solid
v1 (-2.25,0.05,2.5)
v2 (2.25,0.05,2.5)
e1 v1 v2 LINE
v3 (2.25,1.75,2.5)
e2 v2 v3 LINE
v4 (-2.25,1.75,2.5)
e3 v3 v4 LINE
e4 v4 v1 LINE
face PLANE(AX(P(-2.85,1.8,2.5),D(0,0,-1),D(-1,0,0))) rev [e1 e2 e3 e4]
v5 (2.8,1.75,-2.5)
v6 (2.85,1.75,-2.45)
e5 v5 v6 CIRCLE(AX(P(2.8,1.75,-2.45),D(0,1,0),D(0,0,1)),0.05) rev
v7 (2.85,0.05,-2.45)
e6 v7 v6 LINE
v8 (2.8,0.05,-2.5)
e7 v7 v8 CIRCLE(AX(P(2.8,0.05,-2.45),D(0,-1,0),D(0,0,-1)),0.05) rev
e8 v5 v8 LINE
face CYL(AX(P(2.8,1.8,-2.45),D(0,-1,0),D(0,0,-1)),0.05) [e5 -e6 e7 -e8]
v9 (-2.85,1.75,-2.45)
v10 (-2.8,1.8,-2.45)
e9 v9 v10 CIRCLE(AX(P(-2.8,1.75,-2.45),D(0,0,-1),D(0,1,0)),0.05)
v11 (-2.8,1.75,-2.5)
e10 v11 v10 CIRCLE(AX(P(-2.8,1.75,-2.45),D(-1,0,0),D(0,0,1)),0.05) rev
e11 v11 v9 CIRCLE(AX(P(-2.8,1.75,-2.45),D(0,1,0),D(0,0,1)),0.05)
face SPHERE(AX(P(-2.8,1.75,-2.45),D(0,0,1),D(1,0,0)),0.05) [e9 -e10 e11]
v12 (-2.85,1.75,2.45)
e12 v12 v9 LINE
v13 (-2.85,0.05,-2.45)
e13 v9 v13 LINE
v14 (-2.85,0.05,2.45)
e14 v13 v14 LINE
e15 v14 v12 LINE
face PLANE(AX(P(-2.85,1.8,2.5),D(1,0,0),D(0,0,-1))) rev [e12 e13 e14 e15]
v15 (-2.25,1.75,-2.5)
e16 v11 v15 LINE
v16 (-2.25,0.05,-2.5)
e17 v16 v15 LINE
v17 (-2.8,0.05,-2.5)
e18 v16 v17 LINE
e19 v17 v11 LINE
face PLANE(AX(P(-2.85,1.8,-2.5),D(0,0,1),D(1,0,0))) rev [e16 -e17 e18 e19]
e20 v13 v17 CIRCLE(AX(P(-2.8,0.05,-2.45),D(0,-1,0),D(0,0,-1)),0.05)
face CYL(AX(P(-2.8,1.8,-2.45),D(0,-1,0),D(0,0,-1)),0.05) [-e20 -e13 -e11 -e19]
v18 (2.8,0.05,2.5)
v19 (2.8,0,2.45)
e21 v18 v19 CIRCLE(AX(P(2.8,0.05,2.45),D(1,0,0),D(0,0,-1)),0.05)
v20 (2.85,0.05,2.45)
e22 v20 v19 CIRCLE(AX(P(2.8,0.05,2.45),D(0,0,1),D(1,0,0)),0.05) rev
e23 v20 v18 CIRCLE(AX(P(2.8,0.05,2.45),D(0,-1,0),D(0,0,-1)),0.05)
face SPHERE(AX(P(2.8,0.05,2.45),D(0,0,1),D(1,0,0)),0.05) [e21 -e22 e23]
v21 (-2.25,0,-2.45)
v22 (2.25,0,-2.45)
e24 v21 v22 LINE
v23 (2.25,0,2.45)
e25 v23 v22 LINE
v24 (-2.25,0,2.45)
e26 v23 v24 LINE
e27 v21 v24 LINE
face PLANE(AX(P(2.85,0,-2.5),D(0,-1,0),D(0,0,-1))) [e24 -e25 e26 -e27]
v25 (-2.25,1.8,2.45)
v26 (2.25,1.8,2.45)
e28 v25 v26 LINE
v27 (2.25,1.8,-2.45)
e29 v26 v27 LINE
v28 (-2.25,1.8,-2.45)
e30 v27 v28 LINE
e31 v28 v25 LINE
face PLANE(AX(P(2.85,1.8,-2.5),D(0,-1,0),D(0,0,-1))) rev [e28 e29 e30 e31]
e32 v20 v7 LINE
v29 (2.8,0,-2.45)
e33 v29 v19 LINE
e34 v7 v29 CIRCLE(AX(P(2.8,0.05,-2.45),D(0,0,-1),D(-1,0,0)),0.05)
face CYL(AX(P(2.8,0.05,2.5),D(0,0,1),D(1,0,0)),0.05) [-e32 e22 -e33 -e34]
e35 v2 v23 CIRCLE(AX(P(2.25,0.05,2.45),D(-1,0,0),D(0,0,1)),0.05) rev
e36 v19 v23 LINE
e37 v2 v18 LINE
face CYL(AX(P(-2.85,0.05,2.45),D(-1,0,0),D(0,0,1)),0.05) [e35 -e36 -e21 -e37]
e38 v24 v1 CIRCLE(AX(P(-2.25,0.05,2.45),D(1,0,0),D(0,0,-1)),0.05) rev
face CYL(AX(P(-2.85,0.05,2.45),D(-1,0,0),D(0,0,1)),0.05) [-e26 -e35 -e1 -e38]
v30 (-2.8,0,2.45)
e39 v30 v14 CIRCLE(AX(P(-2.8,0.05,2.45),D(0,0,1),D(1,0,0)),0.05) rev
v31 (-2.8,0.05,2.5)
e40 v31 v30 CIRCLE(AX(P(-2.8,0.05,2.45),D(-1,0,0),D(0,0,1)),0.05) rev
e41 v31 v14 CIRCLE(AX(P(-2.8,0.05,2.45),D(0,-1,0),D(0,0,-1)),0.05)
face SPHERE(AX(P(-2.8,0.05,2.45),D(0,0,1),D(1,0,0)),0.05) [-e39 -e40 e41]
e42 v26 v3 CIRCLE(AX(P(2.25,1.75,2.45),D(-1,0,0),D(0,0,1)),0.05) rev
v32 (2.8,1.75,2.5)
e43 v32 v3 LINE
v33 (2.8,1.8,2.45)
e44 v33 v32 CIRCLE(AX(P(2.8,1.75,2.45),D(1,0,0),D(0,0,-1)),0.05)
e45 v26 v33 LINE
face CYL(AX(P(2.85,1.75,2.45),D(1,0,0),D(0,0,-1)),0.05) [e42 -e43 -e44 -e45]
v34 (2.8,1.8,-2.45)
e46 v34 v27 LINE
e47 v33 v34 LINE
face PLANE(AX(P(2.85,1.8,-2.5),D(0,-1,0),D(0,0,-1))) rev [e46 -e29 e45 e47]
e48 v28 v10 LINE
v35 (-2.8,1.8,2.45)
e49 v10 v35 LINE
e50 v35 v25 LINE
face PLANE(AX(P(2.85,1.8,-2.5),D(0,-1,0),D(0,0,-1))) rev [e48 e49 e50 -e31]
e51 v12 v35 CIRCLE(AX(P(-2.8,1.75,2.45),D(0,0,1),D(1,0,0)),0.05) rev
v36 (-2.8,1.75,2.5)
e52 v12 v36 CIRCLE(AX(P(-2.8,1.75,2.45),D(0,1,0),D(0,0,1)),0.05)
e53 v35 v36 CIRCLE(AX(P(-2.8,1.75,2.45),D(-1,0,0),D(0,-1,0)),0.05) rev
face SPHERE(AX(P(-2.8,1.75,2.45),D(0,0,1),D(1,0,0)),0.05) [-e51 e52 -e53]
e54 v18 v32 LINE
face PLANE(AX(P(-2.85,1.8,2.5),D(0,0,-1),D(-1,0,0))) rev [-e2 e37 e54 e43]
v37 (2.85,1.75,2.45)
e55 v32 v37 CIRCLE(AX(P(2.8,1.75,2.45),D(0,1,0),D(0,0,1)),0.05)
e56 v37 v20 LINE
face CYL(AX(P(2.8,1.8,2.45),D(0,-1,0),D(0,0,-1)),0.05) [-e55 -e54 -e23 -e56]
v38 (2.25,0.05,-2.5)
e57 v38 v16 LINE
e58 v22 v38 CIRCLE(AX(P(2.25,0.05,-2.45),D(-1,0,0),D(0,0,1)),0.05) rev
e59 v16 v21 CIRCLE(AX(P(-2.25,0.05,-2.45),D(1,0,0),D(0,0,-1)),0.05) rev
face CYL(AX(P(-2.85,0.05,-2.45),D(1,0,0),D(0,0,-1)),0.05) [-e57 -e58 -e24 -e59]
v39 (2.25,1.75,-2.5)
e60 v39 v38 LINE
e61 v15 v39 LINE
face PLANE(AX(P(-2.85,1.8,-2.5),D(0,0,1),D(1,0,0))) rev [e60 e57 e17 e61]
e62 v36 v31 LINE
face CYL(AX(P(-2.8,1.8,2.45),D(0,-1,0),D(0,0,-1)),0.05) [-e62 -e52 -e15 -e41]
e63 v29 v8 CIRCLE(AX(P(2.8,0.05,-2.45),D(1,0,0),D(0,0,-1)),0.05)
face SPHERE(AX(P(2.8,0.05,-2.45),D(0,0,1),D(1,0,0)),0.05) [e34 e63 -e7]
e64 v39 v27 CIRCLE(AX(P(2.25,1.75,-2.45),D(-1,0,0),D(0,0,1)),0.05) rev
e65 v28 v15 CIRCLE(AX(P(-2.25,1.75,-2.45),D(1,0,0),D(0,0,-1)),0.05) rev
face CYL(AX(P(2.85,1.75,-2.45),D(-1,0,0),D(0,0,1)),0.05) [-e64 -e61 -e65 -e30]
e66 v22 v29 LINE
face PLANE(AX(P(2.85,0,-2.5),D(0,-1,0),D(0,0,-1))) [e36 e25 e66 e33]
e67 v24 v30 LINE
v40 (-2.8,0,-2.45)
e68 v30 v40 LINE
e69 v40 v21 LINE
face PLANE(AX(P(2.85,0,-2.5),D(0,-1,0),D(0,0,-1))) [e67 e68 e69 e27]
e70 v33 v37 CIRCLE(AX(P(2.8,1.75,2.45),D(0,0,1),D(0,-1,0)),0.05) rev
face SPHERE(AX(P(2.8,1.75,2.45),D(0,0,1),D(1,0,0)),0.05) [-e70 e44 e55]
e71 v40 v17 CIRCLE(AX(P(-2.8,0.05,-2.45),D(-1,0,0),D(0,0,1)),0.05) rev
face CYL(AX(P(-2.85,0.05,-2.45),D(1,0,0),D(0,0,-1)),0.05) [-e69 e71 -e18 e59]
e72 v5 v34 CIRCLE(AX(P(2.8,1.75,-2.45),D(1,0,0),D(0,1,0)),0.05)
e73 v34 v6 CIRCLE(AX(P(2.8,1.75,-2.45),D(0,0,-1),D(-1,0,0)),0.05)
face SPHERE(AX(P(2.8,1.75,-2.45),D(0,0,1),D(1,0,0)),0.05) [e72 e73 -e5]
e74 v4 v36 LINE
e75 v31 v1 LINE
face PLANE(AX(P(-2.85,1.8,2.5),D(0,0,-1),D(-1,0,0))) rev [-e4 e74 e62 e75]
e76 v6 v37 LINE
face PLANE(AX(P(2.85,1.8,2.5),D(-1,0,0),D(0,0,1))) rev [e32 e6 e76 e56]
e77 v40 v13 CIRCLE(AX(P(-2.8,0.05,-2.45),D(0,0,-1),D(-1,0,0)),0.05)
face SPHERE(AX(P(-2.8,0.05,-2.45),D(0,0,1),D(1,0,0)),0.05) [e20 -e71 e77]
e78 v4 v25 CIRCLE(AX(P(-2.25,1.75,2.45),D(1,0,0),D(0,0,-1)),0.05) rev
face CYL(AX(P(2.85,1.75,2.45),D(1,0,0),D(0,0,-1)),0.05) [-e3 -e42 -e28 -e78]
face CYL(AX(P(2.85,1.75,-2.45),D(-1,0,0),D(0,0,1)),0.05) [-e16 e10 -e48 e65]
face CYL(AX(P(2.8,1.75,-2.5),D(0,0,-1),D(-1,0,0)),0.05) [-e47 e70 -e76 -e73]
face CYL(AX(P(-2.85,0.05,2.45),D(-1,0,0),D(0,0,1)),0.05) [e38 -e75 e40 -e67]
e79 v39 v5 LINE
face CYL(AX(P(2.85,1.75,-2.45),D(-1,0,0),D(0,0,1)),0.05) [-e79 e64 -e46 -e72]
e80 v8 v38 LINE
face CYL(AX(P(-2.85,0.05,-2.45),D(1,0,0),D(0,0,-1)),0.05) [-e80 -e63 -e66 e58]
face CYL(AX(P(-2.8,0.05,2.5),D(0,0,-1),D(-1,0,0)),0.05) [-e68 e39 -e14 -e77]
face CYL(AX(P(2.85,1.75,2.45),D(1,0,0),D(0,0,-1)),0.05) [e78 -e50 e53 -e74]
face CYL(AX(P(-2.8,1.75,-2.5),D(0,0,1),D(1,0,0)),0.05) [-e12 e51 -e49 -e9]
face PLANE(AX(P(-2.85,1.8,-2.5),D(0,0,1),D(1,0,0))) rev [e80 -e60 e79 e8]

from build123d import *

# Parameters (mm, degrees)
SKETCH1_W      = 5.7
SKETCH1_H      = 5
EXTRUDE1_DEPTH = 1.8
FILLET1_R      = 0.05


with BuildPart() as part:
    # Sketch1 → Extrude1 (new body)
    with BuildSketch(Plane(origin=(0, 0, 0), x_dir=(1, 0, 0), z_dir=(0, 1, 0))):
        Rectangle(SKETCH1_W, SKETCH1_H)
    extrude(amount=EXTRUDE1_DEPTH)

    # Fillet1
    fillet1_edges = [part.edges().sort_by_distance(p)[0] for p in [
        (-2.85, 1.8, 0),
        (0, 1.8, 2.5),
        (2.85, 1.8, 0),
        (0, 0, 2.5),
        (-2.85, 0, 0),
        (0, 0, -2.5),
        (2.85, 0, 0),
        (0, 1.8, -2.5),
        (2.85, 0.9, 2.5),
        (-2.85, 0.9, 2.5),
        (-2.85, 0.9, -2.5),
        (2.85, 0.9, -2.5),
    ]]
    fillet(fillet1_edges, radius=FILLET1_R)


solid = part.part
